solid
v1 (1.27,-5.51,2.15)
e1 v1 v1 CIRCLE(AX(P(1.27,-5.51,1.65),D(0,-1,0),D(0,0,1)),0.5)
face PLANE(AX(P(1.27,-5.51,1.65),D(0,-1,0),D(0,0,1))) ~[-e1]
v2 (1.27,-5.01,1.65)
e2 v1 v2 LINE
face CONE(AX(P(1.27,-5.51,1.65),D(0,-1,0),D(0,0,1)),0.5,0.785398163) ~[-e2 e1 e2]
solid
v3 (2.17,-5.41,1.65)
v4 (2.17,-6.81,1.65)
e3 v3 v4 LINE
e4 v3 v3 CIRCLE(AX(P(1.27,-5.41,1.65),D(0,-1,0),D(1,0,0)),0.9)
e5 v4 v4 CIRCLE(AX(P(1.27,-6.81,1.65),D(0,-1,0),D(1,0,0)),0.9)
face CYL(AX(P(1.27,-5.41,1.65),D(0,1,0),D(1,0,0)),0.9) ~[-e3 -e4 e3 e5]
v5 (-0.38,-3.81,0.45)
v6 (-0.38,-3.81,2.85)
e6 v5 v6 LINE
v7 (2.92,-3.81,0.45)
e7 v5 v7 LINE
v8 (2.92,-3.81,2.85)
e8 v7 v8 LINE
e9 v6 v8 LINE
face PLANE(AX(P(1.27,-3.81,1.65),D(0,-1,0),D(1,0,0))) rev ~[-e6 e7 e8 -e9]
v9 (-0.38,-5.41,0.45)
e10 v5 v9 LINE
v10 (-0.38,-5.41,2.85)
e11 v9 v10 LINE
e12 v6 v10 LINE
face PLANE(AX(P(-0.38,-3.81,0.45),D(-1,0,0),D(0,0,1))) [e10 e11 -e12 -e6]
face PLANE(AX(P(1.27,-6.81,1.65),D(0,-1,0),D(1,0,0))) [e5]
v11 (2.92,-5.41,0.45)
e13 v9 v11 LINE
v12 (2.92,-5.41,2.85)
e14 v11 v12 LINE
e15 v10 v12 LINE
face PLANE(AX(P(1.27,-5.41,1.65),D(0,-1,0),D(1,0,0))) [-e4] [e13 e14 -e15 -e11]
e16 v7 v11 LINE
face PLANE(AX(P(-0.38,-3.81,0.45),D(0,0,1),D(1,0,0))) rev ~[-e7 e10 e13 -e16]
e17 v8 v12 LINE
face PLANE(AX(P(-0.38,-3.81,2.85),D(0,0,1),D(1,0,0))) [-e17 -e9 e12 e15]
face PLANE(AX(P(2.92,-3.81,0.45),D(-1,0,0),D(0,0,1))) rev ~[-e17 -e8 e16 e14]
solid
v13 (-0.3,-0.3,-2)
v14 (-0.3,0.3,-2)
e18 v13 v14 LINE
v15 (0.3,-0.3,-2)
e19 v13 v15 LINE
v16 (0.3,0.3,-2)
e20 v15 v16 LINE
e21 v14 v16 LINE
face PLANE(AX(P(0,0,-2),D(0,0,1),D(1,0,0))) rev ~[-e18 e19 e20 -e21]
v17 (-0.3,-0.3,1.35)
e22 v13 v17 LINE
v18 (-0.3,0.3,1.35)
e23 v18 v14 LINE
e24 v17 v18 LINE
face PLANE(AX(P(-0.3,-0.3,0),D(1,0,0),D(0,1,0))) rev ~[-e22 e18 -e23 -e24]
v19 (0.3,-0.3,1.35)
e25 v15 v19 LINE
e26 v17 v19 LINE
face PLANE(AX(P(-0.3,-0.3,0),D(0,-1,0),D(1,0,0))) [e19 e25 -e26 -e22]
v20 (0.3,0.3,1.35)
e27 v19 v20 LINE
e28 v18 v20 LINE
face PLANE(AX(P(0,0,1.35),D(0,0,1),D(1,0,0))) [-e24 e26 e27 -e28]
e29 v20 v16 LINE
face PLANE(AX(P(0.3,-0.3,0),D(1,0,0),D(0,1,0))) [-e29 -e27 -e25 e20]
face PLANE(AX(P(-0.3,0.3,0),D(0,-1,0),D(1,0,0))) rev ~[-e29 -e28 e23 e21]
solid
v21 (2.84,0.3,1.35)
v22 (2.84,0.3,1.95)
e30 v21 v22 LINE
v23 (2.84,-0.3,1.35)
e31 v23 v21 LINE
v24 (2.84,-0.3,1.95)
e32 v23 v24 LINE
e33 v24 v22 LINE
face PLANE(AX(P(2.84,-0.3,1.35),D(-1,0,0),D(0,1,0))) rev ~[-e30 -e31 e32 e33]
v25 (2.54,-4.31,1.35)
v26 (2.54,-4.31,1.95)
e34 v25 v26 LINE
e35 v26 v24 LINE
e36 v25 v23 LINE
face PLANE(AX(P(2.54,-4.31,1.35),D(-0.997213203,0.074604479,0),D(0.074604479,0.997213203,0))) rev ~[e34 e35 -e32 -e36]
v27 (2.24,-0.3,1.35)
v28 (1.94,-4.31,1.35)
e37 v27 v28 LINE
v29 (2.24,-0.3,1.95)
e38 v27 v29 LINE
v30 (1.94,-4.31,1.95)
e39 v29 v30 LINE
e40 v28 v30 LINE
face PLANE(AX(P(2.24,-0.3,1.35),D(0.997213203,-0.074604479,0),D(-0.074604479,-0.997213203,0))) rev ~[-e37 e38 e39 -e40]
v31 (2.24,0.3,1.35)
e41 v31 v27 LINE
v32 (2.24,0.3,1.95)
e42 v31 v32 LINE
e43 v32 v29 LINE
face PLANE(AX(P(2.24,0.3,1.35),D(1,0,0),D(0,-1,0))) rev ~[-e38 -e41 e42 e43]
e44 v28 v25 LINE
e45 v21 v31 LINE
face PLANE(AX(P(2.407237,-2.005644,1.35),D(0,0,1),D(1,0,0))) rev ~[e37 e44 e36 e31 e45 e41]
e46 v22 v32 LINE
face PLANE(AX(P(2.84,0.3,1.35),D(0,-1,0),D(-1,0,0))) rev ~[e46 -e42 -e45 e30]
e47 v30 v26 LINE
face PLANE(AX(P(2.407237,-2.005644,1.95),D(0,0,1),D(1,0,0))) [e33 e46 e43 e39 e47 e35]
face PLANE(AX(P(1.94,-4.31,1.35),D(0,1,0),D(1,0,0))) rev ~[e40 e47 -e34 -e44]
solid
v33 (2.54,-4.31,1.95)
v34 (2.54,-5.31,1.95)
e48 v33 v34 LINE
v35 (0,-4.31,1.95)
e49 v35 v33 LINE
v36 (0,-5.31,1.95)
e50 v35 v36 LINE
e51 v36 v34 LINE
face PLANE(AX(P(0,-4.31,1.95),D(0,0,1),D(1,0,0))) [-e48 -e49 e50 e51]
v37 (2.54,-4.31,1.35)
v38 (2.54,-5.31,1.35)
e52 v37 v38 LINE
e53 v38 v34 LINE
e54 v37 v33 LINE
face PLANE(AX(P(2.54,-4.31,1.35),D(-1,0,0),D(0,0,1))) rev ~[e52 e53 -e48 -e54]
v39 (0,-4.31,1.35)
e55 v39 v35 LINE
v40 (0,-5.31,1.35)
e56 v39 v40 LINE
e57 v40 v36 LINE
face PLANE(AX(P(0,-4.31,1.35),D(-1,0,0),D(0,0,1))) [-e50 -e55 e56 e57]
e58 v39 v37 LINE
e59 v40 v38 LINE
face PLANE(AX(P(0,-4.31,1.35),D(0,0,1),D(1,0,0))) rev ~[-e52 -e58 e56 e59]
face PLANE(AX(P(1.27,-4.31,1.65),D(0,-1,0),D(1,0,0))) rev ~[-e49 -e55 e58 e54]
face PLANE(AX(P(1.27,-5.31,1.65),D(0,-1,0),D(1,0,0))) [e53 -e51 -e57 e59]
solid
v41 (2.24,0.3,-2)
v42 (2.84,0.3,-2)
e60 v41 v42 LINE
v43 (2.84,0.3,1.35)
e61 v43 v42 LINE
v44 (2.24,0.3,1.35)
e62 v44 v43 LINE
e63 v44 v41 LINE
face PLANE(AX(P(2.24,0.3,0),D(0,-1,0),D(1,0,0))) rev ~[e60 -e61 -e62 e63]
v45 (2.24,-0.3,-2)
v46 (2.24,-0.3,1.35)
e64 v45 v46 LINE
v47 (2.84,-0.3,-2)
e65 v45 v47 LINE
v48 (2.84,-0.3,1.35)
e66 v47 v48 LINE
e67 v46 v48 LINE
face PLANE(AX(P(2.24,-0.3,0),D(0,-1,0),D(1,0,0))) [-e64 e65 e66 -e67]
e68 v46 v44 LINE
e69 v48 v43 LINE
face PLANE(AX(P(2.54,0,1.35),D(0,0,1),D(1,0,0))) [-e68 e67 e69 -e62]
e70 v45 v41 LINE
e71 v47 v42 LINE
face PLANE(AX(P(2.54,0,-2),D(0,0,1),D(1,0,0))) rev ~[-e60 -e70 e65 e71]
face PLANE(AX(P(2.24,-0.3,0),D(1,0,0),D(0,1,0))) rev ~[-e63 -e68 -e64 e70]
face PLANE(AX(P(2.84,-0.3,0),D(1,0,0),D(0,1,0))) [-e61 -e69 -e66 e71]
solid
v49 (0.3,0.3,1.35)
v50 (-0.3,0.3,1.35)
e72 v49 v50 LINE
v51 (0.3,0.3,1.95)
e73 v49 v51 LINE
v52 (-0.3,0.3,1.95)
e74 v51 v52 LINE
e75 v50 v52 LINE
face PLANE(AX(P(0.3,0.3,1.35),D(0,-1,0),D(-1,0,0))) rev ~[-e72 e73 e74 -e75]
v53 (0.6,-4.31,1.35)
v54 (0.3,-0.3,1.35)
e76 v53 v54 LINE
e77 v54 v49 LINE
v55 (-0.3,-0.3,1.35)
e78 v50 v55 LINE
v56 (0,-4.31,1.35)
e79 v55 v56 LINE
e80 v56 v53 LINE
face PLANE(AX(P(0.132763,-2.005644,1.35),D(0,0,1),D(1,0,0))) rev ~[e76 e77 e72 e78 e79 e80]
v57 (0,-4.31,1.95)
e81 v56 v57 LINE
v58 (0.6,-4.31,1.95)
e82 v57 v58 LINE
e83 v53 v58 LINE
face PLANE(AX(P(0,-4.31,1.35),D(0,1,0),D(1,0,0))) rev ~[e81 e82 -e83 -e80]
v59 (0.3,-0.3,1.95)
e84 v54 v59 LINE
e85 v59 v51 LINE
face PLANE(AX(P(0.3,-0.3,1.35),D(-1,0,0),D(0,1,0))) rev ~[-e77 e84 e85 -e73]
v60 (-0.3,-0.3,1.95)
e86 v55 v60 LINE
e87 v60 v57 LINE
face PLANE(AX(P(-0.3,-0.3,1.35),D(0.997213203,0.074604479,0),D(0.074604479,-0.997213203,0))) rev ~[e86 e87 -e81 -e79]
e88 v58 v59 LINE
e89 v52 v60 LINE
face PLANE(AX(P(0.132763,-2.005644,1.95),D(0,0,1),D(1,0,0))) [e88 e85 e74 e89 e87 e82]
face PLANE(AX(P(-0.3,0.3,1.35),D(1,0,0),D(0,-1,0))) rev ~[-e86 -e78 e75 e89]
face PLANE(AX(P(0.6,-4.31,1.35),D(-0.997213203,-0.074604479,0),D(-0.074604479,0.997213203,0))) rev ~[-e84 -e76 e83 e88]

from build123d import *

# Parameters (mm, degrees)
SKETCH_W       = 0.6
SKETCH_H       = 0.6
PAD_DEPTH      = 1.35
PAD_DEPTH_BACK = 2
PAD001_DEPTH   = 0.6
SKETCH002_W    = 2.54
SKETCH002_H    = 0.6
PAD002_DEPTH   = 1
SKETCH004_W    = 3.3
SKETCH004_H    = 2.4
PAD003_DEPTH   = 1.6
SKETCH006_R    = 0.9
PAD004_DEPTH   = 1.4


with BuildPart() as pad:
    # Sketch → Pad (new body, two sides)
    with BuildSketch(Plane.XY) as pad_sk:
        Rectangle(SKETCH_W, SKETCH_H)
        with Locations((2.54, 0)):
            Rectangle(SKETCH_W, SKETCH_H)
    extrude(amount=PAD_DEPTH)
    extrude(pad_sk.sketch, amount=-PAD_DEPTH_BACK)


with BuildPart() as pad001:
    # Sketch001 → Pad001 (new body)
    with BuildSketch(Plane.XY.offset(1.35)):
        Polygon((0.3, 0.3), (-0.3, 0.3), (-0.3, -0.3), (0, -4.31), (0.6, -4.31), (0.3, -0.3), align=None)
        Polygon((2.84, 0.3), (2.24, 0.3), (2.24, -0.3), (1.94, -4.31), (2.54, -4.31), (2.84, -0.3), align=None)
    extrude(amount=PAD001_DEPTH)


with BuildPart() as pad002:
    # Sketch002 → Pad002 (new body)
    with BuildSketch(Plane.XZ.offset(4.31)):
        with Locations((1.27, 1.65)):
            Rectangle(SKETCH002_W, SKETCH002_H)
    extrude(amount=PAD002_DEPTH)


with BuildPart() as revolution001:
    # Sketch005 → Revolution001 (revolve)
    with BuildSketch(Plane.YZ.offset(1.27)):
        Polygon((-5.01, 1.65), (-5.51, 1.65), (-5.51, 2.15), align=None)
    revolve(axis=Axis((1.27, -3.977201, 1.65), (0, -1, 0)))


with BuildPart() as pad004:
    # Sketch004 → Pad003 (new body)
    with BuildSketch(Plane.XZ.offset(3.81)):
        with Locations((1.27, 1.65)):
            Rectangle(SKETCH004_W, SKETCH004_H)
    extrude(amount=PAD003_DEPTH)

    # Sketch006 → Pad004 (new body)
    with BuildSketch(Plane.XZ.offset(5.41)):
        with Locations((1.27, 1.65)):
            Circle(SKETCH006_R)
    extrude(amount=PAD004_DEPTH)


solid = Compound([pad.part, pad001.part, pad002.part, revolution001.part, pad004.part])
